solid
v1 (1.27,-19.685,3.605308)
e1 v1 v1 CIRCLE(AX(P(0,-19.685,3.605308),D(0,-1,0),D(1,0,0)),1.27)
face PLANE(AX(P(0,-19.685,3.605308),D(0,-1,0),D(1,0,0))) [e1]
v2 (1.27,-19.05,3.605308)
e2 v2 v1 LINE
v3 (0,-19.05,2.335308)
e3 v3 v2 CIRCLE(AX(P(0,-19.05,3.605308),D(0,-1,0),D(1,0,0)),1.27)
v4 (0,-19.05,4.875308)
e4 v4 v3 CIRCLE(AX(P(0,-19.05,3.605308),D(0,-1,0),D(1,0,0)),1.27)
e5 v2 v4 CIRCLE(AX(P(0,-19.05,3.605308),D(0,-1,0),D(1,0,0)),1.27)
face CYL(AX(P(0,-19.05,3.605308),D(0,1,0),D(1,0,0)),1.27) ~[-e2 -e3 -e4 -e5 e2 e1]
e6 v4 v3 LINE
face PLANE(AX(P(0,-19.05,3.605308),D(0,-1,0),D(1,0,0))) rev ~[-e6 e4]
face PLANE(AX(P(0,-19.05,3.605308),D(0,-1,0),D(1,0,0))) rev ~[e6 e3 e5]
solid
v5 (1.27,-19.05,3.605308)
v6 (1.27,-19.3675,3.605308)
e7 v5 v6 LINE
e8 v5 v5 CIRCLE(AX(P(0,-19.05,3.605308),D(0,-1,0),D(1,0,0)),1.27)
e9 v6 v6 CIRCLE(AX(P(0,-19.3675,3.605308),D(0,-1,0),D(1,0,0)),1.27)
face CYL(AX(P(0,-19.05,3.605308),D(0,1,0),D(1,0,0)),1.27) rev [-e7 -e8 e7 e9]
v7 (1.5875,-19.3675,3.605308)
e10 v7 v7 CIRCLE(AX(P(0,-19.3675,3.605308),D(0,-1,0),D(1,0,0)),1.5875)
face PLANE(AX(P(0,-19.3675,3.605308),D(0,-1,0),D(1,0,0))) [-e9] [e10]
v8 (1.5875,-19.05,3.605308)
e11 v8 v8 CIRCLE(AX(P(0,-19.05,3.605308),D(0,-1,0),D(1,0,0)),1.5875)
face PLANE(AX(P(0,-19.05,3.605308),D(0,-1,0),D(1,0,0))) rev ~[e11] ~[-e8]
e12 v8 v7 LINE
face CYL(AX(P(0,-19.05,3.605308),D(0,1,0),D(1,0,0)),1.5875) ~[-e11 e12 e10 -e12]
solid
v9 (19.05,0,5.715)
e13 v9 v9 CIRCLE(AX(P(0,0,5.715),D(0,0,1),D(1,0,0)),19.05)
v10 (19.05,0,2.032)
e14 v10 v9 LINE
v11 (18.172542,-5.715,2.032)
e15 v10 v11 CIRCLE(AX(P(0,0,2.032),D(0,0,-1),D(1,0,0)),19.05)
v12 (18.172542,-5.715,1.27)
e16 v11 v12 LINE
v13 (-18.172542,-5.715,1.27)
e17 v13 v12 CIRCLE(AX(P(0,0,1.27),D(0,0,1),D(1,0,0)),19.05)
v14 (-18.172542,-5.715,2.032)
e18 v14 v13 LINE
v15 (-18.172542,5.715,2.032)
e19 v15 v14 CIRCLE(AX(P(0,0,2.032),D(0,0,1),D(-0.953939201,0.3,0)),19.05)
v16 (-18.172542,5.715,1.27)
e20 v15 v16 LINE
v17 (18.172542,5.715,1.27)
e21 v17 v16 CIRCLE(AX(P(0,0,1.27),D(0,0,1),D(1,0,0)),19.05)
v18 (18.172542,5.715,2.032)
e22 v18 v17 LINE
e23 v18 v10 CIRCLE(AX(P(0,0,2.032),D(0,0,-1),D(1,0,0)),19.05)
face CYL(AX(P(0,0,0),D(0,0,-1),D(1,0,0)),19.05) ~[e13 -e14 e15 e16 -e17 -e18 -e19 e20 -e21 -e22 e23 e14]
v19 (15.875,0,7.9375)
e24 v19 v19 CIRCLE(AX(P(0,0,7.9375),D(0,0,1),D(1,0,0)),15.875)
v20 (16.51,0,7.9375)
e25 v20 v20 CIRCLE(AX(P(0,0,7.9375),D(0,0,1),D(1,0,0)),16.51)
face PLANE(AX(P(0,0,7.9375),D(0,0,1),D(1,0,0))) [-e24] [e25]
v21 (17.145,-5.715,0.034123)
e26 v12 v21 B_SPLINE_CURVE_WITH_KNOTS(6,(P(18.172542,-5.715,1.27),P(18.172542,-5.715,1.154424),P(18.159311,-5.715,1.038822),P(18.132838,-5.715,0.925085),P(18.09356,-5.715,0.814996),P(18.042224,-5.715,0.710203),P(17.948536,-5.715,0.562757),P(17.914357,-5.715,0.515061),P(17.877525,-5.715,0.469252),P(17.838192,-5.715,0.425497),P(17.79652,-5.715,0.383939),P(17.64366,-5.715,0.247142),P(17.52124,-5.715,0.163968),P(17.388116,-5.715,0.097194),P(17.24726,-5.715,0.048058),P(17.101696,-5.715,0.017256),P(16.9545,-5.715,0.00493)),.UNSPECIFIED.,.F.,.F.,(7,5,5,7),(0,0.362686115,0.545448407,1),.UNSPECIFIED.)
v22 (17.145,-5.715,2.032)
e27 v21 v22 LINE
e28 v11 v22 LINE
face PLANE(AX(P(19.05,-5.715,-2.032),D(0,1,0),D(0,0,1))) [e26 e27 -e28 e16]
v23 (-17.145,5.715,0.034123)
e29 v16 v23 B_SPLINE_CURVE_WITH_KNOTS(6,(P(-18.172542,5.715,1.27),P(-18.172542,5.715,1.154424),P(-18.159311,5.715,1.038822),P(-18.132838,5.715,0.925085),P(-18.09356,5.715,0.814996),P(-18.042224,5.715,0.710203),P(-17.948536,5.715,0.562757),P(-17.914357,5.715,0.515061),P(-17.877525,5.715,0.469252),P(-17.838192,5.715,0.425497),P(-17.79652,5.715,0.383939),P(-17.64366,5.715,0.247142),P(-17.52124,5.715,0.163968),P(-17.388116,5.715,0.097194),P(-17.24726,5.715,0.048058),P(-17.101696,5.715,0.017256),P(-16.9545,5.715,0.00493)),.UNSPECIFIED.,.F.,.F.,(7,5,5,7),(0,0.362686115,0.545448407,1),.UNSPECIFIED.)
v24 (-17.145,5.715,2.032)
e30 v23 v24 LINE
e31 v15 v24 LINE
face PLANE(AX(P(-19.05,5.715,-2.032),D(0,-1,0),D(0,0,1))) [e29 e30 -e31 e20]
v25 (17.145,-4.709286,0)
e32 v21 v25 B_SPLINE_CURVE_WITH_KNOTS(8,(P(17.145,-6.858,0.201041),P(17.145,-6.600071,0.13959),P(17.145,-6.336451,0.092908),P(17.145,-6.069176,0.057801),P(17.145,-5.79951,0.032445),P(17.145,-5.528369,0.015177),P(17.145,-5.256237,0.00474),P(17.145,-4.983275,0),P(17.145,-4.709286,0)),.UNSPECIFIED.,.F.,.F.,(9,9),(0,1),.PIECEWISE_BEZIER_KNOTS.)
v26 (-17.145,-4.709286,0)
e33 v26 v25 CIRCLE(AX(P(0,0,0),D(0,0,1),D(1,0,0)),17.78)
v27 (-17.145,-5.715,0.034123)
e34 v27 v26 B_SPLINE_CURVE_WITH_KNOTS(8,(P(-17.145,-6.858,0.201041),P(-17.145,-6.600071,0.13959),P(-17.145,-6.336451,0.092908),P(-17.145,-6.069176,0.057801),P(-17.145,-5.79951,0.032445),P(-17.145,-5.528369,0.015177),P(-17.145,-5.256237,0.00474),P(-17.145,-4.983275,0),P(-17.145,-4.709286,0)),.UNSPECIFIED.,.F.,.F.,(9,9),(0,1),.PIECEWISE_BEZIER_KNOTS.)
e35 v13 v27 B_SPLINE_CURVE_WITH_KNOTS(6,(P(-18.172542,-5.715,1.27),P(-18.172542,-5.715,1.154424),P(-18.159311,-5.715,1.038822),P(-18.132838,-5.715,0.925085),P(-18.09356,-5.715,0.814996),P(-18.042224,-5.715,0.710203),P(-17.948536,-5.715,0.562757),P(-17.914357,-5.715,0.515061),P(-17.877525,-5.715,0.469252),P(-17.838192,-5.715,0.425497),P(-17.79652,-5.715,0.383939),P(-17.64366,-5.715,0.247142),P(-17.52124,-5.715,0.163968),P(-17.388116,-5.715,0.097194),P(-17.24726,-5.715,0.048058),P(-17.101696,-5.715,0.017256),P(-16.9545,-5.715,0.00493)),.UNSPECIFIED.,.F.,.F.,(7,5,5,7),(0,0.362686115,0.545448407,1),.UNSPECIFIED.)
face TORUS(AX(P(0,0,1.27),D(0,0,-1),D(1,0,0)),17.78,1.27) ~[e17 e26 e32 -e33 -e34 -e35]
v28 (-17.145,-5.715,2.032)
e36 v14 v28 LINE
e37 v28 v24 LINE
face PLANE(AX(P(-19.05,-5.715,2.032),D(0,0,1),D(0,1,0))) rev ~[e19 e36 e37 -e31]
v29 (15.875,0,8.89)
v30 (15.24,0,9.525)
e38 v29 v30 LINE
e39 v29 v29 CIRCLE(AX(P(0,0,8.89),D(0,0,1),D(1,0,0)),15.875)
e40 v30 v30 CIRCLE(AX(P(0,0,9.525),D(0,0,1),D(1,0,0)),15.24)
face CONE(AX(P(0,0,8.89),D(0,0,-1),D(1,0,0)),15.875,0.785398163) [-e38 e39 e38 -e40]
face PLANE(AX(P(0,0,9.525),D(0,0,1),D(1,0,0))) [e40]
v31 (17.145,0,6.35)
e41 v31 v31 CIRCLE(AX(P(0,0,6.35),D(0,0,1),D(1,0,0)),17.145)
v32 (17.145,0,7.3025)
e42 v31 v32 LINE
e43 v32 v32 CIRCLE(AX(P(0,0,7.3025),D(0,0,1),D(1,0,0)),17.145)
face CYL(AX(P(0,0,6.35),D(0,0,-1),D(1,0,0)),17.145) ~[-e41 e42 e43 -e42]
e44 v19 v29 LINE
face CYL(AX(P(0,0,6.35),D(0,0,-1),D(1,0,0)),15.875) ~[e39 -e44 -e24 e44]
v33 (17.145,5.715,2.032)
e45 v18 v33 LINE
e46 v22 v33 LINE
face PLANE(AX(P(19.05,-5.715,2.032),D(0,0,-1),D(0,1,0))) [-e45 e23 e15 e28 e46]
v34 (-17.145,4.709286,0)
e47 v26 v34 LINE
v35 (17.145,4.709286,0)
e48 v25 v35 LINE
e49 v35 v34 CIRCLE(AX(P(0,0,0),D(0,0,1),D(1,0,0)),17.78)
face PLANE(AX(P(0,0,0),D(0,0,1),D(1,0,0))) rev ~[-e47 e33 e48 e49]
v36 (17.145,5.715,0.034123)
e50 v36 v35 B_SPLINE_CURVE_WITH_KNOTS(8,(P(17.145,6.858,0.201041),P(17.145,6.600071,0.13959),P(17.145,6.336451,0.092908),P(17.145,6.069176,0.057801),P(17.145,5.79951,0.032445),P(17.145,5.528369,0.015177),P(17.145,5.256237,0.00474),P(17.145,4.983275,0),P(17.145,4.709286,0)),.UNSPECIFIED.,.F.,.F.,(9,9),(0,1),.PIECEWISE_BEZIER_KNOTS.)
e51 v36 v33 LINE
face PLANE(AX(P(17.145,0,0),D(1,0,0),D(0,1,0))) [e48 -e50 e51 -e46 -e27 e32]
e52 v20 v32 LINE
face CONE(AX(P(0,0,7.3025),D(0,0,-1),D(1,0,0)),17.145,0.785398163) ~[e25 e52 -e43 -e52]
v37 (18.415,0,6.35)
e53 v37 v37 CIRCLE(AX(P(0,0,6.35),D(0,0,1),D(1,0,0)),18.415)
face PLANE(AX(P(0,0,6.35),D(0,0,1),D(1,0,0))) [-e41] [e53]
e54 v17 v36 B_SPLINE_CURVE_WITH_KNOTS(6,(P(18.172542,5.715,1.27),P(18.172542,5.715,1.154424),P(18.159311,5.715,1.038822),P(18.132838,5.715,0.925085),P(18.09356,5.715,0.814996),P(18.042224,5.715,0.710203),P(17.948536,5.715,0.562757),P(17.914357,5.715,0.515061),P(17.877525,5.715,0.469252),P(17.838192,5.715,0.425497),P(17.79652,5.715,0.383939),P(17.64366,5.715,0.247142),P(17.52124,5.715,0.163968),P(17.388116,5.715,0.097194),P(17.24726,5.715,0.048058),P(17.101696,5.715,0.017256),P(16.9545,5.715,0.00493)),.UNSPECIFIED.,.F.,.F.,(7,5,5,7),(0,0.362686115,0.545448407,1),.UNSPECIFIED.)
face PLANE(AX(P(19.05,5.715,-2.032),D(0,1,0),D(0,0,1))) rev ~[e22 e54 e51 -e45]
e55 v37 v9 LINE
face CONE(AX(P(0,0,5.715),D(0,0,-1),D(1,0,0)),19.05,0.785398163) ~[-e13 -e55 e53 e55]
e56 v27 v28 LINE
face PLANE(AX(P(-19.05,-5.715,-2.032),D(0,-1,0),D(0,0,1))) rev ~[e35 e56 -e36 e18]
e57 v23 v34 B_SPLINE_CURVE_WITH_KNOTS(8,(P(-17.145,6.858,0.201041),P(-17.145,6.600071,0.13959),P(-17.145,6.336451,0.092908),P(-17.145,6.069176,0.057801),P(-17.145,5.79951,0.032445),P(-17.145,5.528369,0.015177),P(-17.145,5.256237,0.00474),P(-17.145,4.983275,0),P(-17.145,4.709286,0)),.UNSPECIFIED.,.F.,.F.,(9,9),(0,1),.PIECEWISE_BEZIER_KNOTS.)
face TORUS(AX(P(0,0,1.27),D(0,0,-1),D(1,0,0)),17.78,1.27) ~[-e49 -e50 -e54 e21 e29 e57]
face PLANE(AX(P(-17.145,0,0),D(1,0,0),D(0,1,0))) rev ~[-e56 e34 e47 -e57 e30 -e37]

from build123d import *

# Parameters (mm, degrees)
F0_R      = 19.05
F1_DEPTH  = 6.35
F2_R      = 17.145
F2_R_2    = 15.875
F3_DEPTH  = 1.5875
F3_FACE_R = 15.875
F4_DEPTH  = 3.175
F5_SIZE   = 0.635
F6_R      = 1.27
F8_R      = 1.27
F9_DEPTH  = 0.635
F8_R_2    = 1.5875
F10_DEPTH = 0.3175
F12_W     = 11.43
F12_H     = 4.064
F13_DEPTH = 1.905
F15_W     = 11.43
F15_H     = 4.064
F16_DEPTH = 1.905


with BuildPart() as f1:
    # F0 (on Top) → F1 (new body)
    with BuildSketch(Plane.XY):
        Circle(F0_R)
    extrude(amount=F1_DEPTH)

    # F2 (on face) → F3 (join)
    with BuildSketch(Plane.XY.offset(6.35)):
        Circle(F2_R)
        Circle(F2_R_2, mode=Mode.SUBTRACT)
    extrude(amount=F3_DEPTH)

    # F3_face (on face) → F4 (join)
    with BuildSketch(Plane.XY.offset(6.35)):
        Circle(F3_FACE_R)
    extrude(amount=F4_DEPTH)

    # F5
    f5_edges = [f1.edges().sort_by_distance(p)[0] for p in [
        (-19.05, 0, 6.35),
        (-17.145, 0, 7.9375),
        (-15.875, 0, 9.525),
    ]]
    chamfer(f5_edges, length=F5_SIZE)

    # F6
    f6_edges = [f1.edges().sort_by_distance(p)[0] for p in [
        (-19.05, 0, 0),
    ]]
    fillet(f6_edges, radius=F6_R)

    # F8 (on offset) → F9 (join)
    with BuildSketch(Plane.XZ.offset(19.05)):
        with Locations((0, 3.605308)):
            Circle(F8_R)
    extrude(amount=F9_DEPTH)

    # F12 (on offset) → F13 (cut)
    with BuildSketch(Plane.YZ.offset(19.05)):
        Rectangle(F12_W, F12_H)
    extrude(amount=-F13_DEPTH, mode=Mode.SUBTRACT)

    # F15 (on offset) → F16 (cut)
    with BuildSketch(Plane.YZ.offset(-19.05)):
        Rectangle(F15_W, F15_H)
    extrude(amount=F16_DEPTH, mode=Mode.SUBTRACT)


with BuildPart() as f10:
    # F8 (on offset) → F10 (new body)
    with BuildSketch(Plane.XZ.offset(19.05)):
        with Locations((0, 3.605308)):
            Circle(F8_R_2)
        with Locations((0, 3.605308)):
            Circle(F8_R, mode=Mode.SUBTRACT)
    extrude(amount=F10_DEPTH)


solid = Compound([f1.part, f10.part])
